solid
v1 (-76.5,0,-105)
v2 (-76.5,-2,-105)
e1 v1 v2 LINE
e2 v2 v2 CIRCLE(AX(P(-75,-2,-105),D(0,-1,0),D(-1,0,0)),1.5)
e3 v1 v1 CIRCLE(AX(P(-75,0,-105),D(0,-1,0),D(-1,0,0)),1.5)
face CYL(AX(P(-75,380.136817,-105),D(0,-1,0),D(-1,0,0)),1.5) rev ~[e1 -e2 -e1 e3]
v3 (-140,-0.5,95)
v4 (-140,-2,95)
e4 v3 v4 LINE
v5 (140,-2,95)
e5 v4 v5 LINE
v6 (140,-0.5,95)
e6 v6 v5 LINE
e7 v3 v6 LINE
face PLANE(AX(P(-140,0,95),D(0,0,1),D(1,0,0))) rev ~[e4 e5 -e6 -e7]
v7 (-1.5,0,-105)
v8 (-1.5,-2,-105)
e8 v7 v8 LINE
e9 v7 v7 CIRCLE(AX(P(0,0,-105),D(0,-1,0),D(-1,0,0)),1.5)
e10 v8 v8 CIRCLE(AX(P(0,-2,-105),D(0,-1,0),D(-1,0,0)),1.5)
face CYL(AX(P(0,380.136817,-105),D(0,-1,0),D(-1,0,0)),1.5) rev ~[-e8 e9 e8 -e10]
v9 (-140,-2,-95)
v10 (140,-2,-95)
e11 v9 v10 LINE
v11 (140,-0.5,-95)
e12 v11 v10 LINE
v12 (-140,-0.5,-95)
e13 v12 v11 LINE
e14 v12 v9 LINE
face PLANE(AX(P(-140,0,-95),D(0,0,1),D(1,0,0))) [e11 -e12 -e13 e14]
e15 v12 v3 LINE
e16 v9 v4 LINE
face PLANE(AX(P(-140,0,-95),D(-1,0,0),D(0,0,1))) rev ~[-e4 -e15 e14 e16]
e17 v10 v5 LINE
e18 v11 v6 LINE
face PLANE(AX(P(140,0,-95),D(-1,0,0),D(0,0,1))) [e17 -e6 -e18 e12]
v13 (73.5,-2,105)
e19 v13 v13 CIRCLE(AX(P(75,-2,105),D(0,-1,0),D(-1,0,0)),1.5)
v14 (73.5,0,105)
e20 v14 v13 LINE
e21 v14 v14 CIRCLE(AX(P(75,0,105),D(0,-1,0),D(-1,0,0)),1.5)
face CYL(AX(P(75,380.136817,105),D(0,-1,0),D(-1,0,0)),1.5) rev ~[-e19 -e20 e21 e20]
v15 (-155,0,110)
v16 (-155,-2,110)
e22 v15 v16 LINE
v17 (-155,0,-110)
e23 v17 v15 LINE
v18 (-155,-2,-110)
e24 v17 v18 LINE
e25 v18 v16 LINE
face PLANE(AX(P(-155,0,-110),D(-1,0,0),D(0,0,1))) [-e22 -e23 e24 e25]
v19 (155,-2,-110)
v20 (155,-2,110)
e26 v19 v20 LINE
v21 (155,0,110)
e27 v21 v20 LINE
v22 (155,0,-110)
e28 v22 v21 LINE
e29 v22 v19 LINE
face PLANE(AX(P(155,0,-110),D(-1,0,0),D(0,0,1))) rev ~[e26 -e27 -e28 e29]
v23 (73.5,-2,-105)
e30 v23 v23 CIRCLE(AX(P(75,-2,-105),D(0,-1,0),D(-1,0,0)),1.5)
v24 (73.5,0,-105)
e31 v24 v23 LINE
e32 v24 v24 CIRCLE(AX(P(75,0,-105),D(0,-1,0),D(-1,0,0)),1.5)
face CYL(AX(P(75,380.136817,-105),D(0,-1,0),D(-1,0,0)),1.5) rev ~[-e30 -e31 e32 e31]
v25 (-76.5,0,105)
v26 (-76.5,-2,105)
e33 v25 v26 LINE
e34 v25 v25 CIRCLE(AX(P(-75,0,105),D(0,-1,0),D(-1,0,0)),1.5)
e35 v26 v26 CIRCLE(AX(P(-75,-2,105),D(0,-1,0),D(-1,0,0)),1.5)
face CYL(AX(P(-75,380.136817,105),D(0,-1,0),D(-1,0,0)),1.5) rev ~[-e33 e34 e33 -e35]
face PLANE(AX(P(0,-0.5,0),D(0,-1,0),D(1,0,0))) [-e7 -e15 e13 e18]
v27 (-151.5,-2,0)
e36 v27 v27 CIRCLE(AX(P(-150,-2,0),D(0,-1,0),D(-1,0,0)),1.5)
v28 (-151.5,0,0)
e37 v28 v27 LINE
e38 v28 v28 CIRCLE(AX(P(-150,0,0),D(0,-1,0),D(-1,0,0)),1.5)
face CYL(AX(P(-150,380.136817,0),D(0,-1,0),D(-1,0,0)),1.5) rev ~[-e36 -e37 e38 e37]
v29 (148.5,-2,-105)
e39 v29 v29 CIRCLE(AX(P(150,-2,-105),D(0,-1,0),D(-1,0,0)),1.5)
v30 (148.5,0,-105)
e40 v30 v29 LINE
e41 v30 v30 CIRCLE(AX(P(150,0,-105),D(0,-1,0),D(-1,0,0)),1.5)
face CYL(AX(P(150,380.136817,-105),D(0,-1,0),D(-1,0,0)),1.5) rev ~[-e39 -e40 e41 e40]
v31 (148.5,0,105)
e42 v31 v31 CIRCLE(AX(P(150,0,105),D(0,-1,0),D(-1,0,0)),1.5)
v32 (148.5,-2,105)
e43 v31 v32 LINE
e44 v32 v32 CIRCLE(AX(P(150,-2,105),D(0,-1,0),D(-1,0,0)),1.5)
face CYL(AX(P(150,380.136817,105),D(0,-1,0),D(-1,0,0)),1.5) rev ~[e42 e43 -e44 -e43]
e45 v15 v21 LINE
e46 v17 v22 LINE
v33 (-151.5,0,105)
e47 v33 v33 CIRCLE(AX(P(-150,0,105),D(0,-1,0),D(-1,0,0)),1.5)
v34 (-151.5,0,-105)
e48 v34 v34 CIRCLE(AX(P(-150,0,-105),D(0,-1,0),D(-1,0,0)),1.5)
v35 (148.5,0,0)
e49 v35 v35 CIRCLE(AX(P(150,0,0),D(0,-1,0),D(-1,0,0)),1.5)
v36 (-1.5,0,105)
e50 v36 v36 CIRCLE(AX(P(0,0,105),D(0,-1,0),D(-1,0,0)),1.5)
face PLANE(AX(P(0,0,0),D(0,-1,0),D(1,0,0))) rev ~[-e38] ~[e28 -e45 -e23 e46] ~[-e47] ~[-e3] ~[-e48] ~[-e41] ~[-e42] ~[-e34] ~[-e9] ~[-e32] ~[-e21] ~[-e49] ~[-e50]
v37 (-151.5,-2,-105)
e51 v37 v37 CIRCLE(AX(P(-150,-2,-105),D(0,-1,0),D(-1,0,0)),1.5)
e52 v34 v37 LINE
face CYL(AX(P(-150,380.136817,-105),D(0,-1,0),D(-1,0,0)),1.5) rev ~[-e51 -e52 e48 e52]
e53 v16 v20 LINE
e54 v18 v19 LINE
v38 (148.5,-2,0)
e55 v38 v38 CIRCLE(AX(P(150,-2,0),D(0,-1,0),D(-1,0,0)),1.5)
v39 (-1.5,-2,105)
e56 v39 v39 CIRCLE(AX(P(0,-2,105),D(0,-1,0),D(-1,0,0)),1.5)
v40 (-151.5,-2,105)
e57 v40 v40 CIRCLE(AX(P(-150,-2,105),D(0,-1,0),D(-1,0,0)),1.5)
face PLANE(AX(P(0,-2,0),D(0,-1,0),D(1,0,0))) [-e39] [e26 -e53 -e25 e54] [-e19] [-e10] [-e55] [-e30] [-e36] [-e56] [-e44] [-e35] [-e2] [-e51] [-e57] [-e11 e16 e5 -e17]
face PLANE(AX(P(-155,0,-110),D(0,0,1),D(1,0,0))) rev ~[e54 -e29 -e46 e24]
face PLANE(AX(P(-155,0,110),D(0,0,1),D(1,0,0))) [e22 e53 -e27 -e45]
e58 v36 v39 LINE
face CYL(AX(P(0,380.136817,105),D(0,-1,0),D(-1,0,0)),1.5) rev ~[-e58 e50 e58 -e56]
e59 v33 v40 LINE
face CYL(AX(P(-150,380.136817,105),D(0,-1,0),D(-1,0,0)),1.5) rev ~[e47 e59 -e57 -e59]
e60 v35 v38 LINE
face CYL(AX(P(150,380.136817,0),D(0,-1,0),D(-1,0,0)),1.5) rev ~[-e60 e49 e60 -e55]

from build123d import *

# Parameters (mm, degrees)
F0_W     = 310
F0_H     = 220
F0_W_2   = 280
F0_H_2   = 190
F1_DEPTH = 2
F2_D     = 3
F3_DEPTH = 0.5


with BuildPart() as f1:
    # F0 (on Front) → F1 (new body)
    with BuildSketch(Plane.XZ):
        Rectangle(F0_W, F0_H)
        Rectangle(F0_W_2, F0_H_2, mode=Mode.SUBTRACT)
    extrude(amount=F1_DEPTH)

    # F2 (through all)
    with Locations(Plane(origin=(0, 0, 0), x_dir=(1, 0, 0), z_dir=(0, 1, 0))):
        with Locations((-150, 105), (-75, 105), (0, 105), (75, 105), (150, 105), (150, 0), (150, -105), (75, -105), (0, -105), (-75, -105), (-150, -105), (-150, 0)):
            Hole(F2_D / 2)

    # F0 (on Front) → F3 (join)
    with BuildSketch(Plane.XZ):
        Rectangle(F0_W_2, F0_H_2)
    extrude(amount=F3_DEPTH)


solid = f1.part
